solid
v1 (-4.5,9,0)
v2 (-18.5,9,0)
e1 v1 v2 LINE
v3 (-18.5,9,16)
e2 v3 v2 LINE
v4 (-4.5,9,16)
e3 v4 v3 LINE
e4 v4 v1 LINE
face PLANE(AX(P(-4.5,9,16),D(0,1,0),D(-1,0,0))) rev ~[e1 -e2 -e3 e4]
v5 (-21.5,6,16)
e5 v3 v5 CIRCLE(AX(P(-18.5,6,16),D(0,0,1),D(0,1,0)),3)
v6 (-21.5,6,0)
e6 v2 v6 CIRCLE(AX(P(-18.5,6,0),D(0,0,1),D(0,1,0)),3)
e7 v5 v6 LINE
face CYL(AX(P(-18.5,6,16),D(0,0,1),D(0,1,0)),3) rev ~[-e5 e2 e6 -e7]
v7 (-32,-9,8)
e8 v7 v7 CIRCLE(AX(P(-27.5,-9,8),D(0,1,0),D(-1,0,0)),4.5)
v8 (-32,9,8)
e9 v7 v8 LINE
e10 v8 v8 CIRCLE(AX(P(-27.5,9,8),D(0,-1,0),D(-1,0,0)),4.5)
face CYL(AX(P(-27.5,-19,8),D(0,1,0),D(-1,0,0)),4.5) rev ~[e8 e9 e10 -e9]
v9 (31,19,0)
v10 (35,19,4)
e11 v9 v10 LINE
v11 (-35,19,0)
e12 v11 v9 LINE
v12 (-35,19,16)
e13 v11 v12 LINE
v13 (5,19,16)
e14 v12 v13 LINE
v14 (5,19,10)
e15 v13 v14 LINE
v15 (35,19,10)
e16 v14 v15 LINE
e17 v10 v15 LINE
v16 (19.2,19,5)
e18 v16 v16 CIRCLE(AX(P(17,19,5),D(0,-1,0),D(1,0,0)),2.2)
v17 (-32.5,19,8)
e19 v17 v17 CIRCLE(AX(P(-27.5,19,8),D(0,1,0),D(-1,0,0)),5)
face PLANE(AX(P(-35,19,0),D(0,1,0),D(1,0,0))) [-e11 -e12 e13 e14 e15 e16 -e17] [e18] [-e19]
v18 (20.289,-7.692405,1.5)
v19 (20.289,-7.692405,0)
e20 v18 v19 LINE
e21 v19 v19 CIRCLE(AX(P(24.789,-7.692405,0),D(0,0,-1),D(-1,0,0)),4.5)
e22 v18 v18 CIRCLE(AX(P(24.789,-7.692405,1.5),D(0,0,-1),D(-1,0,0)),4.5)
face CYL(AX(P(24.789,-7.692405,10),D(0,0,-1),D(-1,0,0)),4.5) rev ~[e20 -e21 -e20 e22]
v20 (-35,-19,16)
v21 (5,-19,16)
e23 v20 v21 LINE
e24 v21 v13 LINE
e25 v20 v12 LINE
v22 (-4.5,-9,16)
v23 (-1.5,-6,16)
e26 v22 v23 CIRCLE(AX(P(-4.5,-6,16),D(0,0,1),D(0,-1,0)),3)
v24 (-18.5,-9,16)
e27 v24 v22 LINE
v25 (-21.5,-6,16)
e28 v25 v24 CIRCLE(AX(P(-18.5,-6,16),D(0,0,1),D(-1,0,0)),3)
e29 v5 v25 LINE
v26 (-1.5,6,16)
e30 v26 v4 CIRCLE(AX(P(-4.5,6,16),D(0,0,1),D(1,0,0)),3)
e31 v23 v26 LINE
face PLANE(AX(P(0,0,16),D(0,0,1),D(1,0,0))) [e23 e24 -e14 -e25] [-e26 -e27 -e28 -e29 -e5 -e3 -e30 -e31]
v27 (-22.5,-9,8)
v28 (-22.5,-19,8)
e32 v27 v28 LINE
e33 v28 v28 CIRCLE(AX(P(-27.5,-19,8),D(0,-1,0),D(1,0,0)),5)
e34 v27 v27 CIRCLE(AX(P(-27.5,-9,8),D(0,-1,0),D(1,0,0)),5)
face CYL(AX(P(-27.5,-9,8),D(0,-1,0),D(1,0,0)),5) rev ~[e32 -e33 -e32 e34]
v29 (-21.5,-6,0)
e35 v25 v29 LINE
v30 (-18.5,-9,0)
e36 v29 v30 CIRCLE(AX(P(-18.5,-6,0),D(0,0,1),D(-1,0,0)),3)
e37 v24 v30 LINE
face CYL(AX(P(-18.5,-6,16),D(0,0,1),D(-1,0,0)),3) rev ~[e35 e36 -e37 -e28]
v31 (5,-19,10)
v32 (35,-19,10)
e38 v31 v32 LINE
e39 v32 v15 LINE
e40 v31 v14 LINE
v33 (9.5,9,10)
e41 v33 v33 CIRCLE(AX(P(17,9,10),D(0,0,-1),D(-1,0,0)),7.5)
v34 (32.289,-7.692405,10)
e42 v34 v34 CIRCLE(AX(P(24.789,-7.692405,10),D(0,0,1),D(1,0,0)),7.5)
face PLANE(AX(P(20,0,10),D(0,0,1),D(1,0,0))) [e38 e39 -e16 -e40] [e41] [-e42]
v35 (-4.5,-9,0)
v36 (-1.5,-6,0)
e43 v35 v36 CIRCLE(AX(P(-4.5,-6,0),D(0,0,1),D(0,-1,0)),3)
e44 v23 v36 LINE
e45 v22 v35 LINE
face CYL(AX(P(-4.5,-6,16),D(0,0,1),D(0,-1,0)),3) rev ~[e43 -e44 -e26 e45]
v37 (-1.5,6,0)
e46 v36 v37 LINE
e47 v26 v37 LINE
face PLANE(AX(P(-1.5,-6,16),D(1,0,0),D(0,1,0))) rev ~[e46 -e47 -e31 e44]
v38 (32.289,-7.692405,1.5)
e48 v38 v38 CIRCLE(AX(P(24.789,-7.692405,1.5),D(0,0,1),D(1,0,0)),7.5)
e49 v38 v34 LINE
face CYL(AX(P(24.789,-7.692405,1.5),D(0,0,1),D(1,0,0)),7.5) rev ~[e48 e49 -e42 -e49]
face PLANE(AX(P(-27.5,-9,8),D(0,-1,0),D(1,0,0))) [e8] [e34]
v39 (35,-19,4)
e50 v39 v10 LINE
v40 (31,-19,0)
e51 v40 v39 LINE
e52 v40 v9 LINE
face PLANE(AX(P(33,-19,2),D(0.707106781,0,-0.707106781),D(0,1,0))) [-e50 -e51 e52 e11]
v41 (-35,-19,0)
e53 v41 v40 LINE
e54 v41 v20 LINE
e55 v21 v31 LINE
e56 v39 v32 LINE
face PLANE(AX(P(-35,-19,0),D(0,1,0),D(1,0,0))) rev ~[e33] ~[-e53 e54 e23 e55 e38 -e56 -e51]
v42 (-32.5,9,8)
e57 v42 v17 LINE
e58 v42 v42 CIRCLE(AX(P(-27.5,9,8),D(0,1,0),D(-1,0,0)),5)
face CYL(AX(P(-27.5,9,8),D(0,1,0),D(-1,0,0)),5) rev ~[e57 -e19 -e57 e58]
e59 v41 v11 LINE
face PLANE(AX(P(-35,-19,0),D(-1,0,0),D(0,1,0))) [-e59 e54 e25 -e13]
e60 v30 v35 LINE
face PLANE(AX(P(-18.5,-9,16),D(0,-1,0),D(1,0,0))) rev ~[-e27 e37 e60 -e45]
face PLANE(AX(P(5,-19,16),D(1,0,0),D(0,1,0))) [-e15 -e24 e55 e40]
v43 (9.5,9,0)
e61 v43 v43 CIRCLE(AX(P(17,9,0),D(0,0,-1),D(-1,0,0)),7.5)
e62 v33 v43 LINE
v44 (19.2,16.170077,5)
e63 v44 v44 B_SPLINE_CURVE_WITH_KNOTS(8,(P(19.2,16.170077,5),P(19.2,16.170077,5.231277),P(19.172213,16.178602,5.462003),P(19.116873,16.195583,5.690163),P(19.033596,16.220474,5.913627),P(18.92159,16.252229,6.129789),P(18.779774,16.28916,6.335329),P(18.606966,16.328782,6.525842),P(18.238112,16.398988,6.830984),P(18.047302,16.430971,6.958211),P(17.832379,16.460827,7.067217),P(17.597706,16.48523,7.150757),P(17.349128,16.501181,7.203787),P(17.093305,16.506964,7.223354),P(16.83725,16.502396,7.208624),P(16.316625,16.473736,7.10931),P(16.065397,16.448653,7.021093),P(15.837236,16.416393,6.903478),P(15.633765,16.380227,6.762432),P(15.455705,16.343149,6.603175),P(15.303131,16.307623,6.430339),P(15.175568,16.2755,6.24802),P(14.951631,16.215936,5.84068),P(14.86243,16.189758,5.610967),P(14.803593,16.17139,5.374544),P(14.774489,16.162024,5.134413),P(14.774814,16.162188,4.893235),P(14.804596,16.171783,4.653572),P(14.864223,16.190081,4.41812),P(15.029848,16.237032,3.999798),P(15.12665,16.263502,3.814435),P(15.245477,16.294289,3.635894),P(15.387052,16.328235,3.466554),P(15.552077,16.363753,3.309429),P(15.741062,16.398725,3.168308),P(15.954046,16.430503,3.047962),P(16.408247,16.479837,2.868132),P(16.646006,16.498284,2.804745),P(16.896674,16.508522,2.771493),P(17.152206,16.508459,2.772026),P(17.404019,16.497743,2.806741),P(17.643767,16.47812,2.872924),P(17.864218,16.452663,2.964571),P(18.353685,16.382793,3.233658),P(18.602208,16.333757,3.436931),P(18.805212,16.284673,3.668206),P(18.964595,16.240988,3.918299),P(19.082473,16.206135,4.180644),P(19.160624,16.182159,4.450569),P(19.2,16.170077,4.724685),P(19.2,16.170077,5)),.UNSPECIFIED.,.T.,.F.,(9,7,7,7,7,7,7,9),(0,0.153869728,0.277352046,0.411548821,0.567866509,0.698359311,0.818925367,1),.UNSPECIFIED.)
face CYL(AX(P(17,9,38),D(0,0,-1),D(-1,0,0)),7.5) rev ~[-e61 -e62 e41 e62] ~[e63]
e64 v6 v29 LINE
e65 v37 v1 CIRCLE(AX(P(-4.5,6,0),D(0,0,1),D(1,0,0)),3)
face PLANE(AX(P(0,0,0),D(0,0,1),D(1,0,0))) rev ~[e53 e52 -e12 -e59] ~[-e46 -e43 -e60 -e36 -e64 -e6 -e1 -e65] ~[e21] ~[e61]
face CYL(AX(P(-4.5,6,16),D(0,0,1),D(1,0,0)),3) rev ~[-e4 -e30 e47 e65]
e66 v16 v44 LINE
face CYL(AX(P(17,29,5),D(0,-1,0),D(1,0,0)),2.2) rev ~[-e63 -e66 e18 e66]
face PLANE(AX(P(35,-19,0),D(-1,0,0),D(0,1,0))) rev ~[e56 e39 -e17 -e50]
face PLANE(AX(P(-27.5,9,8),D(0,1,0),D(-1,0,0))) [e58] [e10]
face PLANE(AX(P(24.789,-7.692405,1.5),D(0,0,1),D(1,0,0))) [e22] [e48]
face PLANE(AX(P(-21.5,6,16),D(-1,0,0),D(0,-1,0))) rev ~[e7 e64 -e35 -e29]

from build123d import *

# Parameters (mm, degrees)
F0_W            = 70
F0_H            = 38
F1_DEPTH        = 16
F3_D            = 9
F3_DEPTH        = 28
F3_CBORE_D      = 10
F3_CBORE_DEPTH  = 10
F3_TIP          = 2.7038727856
F5_D            = 9
F5_DEPTH        = 28
F5_CBORE_D      = 10
F5_CBORE_DEPTH  = 10
F5_TIP          = 2.7038727856
F7_DEPTH        = 25
F8_W            = 30
F8_H            = 38
F9_DEPTH        = 6
F10_SIZE        = 4
F12_D           = 9
F12_DEPTH       = 28
F12_CBORE_D     = 15
F12_CBORE_DEPTH = 8.5
F12_TIP         = 2.7038727856
F14_D           = 15
F14_DEPTH       = 28
F14_TIP         = 4.5064546427
F16_D           = 4.4
F16_DEPTH       = 10
F16_TIP         = 1.3218933619


with BuildPart() as f1:
    # F0 (on Top) → F1 (new body)
    with BuildSketch(Plane.XY):
        Rectangle(F0_W, F0_H)
    extrude(amount=F1_DEPTH)

    # F3
    with Locations(Plane.XZ.offset(19)):
        with Locations((-27.5, 8)):
            CounterBoreHole(F3_D / 2, F3_CBORE_D / 2, F3_CBORE_DEPTH, depth=F3_DEPTH)
            with Locations((0, 0, -(F3_DEPTH + F3_TIP / 2))):  # 118° drill point
                Cone(0, F3_D / 2, F3_TIP, mode=Mode.SUBTRACT)

    # F5
    with Locations(Plane(origin=(0, 19, 0), x_dir=(-1, 0, 0), z_dir=(0, 1, 0))):
        with Locations((27.5, 8)):
            CounterBoreHole(F5_D / 2, F5_CBORE_D / 2, F5_CBORE_DEPTH, depth=F5_DEPTH)
            with Locations((0, 0, -(F5_DEPTH + F5_TIP / 2))):  # 118° drill point
                Cone(0, F5_D / 2, F5_TIP, mode=Mode.SUBTRACT)

    # F6 (on face) → F7 (cut)
    with BuildSketch(Plane.XY.offset(16)):
        with BuildLine():
            Line((-4.5, 9), (-18.5, 9))
            ThreePointArc((-18.5, 9), (-20.6213203436, 8.1213203436), (-21.5, 6))
            Line((-21.5, 6), (-21.5, -6))
            ThreePointArc((-21.5, -6), (-20.6213203436, -8.1213203436), (-18.5, -9))
            Line((-18.5, -9), (-4.5, -9))
            ThreePointArc((-4.5, -9), (-2.3786796564, -8.1213203436), (-1.5, -6))
            Line((-1.5, -6), (-1.5, 6))
            ThreePointArc((-1.5, 6), (-2.3786796564, 8.1213203436), (-4.5, 9))
        make_face()
    extrude(amount=-F7_DEPTH, mode=Mode.SUBTRACT)

    # F8 (on face) → F9 (cut)
    with BuildSketch(Plane.XY.offset(16)):
        with Locations((20, 0)):
            Rectangle(F8_W, F8_H)
    extrude(amount=-F9_DEPTH, mode=Mode.SUBTRACT)

    # F10
    f10_edges = [f1.edges().sort_by_distance(p)[0] for p in [
        (35, 0, 0),
    ]]
    chamfer(f10_edges, length=F10_SIZE)

    # F12
    with Locations(Plane.XY.offset(10)):
        with Locations((24.789, -7.6924054883)):
            CounterBoreHole(F12_D / 2, F12_CBORE_D / 2, F12_CBORE_DEPTH, depth=F12_DEPTH)
            with Locations((0, 0, -(F12_DEPTH + F12_TIP / 2))):  # 118° drill point
                Cone(0, F12_D / 2, F12_TIP, mode=Mode.SUBTRACT)

    # F14
    with Locations(Plane.XY.offset(10)):
        with Locations((17, 9)):
            Hole(F14_D / 2, depth=F14_DEPTH)
            with Locations((0, 0, -(F14_DEPTH + F14_TIP / 2))):  # 118° drill point
                Cone(0, F14_D / 2, F14_TIP, mode=Mode.SUBTRACT)

    # F16
    with Locations(Plane(origin=(0, 19, 0), x_dir=(-1, 0, 0), z_dir=(0, 1, 0))):
        with Locations((-17, 5)):
            Hole(F16_D / 2, depth=F16_DEPTH)
            with Locations((0, 0, -(F16_DEPTH + F16_TIP / 2))):  # 118° drill point
                Cone(0, F16_D / 2, F16_TIP, mode=Mode.SUBTRACT)


solid = f1.part
